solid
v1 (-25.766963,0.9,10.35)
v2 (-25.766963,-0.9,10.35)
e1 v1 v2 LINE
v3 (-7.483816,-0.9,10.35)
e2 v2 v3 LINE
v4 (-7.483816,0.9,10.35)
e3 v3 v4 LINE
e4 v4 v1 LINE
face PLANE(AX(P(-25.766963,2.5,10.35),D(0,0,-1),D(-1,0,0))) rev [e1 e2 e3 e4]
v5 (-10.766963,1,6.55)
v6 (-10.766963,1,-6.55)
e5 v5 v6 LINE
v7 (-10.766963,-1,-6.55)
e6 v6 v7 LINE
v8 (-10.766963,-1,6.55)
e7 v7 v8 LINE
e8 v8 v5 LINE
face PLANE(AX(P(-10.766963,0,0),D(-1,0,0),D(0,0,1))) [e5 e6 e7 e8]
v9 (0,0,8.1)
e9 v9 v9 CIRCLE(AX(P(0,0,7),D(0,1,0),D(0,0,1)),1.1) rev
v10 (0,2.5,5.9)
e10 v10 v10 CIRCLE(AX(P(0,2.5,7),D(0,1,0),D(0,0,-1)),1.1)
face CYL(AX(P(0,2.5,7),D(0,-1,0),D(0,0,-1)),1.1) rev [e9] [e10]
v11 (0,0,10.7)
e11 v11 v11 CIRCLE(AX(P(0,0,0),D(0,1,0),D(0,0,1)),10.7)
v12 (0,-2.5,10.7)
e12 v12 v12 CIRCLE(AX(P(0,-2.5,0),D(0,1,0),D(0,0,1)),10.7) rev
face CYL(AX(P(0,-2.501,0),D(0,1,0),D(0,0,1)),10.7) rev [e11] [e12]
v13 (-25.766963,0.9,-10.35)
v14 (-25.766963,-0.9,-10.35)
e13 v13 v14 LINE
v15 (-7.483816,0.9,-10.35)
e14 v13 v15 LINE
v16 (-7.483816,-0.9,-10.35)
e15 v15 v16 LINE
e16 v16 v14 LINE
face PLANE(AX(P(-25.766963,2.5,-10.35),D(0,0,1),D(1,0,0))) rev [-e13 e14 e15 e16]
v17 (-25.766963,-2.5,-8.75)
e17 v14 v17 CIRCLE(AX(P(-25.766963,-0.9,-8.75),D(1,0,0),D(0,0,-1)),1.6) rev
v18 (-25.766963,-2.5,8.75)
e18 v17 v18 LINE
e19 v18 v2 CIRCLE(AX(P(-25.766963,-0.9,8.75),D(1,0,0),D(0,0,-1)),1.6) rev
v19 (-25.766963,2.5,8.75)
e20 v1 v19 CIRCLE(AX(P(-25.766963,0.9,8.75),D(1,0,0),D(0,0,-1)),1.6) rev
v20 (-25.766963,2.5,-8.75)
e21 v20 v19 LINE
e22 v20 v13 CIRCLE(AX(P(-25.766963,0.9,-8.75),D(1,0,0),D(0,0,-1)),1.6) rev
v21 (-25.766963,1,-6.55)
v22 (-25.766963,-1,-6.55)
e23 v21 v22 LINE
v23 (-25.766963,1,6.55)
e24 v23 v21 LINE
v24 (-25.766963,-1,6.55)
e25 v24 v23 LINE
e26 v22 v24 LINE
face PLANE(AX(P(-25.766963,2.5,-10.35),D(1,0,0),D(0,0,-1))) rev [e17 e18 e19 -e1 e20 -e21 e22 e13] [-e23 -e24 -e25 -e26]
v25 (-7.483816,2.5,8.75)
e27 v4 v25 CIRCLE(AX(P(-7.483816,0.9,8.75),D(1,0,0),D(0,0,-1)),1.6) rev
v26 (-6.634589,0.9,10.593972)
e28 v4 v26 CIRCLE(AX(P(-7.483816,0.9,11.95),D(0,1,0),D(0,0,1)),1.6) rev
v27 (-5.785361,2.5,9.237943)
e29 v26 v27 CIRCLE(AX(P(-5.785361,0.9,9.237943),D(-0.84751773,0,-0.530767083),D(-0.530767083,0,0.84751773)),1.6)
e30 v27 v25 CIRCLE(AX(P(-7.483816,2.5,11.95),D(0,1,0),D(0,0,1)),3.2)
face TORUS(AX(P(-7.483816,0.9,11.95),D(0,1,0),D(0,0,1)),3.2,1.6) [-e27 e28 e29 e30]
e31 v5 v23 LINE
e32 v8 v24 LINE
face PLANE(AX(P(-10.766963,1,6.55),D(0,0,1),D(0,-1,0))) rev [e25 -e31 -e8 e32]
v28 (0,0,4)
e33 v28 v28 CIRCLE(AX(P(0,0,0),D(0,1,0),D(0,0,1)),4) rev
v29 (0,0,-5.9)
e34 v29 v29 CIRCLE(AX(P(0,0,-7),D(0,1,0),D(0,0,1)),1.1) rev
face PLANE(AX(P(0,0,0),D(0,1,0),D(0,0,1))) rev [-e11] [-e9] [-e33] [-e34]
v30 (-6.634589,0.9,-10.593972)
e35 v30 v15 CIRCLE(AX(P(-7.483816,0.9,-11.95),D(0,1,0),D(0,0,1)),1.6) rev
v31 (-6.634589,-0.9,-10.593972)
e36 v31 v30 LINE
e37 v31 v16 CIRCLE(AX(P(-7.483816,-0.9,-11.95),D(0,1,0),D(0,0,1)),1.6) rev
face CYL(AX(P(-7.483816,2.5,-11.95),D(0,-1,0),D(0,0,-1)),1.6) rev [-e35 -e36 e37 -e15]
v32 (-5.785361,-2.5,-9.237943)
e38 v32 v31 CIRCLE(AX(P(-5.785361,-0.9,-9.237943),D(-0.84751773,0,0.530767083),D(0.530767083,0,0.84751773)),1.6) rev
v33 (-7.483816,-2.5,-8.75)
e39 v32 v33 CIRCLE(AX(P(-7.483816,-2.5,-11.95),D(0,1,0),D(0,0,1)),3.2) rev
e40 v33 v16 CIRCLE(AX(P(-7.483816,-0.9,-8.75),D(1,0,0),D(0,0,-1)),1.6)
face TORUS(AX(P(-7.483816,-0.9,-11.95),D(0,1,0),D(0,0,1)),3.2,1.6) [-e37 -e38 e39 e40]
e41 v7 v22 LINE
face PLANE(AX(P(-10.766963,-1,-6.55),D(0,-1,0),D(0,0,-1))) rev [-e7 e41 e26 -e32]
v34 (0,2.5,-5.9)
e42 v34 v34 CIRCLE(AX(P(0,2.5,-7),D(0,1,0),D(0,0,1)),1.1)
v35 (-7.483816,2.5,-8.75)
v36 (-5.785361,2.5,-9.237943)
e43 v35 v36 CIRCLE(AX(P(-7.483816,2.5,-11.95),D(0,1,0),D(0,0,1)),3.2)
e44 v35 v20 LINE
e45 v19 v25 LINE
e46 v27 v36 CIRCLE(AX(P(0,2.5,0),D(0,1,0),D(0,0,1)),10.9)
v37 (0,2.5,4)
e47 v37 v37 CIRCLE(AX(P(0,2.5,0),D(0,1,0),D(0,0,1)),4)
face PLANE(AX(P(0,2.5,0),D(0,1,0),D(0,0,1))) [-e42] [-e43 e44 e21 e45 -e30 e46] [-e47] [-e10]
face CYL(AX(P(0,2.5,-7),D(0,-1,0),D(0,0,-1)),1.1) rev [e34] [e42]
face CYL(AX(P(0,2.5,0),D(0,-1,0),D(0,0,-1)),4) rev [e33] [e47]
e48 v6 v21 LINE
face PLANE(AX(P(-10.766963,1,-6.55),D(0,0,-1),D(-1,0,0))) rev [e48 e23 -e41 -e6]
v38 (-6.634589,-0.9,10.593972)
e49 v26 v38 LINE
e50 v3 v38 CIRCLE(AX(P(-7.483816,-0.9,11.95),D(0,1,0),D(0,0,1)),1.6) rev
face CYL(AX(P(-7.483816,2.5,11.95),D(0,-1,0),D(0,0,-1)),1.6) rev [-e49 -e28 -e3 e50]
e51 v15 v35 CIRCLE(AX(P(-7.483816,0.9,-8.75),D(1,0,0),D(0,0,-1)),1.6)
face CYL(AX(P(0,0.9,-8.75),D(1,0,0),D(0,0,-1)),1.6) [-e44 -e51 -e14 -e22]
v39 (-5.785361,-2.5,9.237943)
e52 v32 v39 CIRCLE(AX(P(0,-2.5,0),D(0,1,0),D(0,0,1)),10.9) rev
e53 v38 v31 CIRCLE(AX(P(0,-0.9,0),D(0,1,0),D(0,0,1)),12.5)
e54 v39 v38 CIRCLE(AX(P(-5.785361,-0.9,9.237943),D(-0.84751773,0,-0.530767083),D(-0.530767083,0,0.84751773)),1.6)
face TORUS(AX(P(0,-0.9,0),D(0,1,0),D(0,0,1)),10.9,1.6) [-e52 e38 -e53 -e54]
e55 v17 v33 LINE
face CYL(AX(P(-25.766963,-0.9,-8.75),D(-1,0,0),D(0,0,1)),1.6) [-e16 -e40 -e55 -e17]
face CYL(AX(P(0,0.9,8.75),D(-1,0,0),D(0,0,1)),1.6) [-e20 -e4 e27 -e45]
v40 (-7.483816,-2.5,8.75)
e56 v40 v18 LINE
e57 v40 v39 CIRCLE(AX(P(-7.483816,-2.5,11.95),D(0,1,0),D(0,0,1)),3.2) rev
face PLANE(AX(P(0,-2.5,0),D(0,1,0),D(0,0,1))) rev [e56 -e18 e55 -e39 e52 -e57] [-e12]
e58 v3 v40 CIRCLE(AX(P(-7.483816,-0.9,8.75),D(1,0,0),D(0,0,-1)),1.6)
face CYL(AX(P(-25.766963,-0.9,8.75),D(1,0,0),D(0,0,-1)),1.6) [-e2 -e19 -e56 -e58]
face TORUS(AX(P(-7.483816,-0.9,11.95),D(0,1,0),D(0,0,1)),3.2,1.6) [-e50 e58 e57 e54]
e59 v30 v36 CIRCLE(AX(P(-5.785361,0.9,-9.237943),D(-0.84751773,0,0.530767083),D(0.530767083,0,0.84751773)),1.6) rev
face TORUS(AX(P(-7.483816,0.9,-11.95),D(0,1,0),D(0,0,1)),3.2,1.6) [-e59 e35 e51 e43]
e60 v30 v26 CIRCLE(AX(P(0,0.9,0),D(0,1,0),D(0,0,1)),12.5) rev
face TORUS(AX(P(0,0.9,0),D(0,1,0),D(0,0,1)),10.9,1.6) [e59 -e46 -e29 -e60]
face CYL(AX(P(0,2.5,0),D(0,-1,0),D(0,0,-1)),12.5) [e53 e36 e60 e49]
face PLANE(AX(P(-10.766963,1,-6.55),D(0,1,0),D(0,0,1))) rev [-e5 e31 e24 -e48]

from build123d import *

# Parameters (mm, degrees)
CROQUIS1_R              = 4
CROQUIS1_R_2            = 1.1
SALIENTE_EXTRUIR1_DEPTH = 2.5
CROQUIS2_W              = 13.1
CROQUIS2_H              = 2
CORTAR_EXTRUIR1_DEPTH   = 15
CORTAR_EXTRUIR2_REACH   = 30.748
CROQUIS3_R              = 10.7
REDONDEO1_R             = 1.6


with BuildPart() as part:
    # Croquis1 → Saliente-Extruir1 (new, symmetric)
    with BuildSketch(Plane(origin=(0, 0, 0), x_dir=(1, 0, 0), z_dir=(0, 1, 0))):
        with BuildLine():
            Line((-25.76696336, 10.35), (-7.009101226, 10.35))
            ThreePointArc((-7.009101226, 10.35), (12.5, 0), (-7.009101226, -10.35))
            Line((-7.009101226, -10.35), (-25.76696336, -10.35))
            Line((-25.76696336, -10.35), (-25.76696336, 10.35))
        make_face()
        with Locations(Location((0, 0, 0), (0, 0, 270))):
            Circle(CROQUIS1_R, mode=Mode.SUBTRACT)
        with Locations(Location((0, 7, 0), (0, 0, 270))):
            Circle(CROQUIS1_R_2, mode=Mode.SUBTRACT)
        with Locations(Location((0, -7, 0), (0, 0, 90))):
            Circle(CROQUIS1_R_2, mode=Mode.SUBTRACT)
    extrude(amount=SALIENTE_EXTRUIR1_DEPTH, both=True)

    # Croquis2 → Cortar-Extruir1 (cut)
    with BuildSketch(Plane.ZY.offset(25.76696336)):
        Rectangle(CROQUIS2_W, CROQUIS2_H)
    extrude(amount=-CORTAR_EXTRUIR1_DEPTH, mode=Mode.SUBTRACT)

    # Croquis3 → Cortar-Extruir2 (cut, up to next)
    with BuildSketch(Plane(origin=(0, 0, 0), x_dir=(1, 0, 0), z_dir=(0, 1, 0)), mode=Mode.PRIVATE) as cortar_extruir2_sk1:
        with Locations(Location((0, 0, 0), (0, 0, 270))):
            Circle(CROQUIS3_R)
    cortar_extruir2_tool1 = extrude(cortar_extruir2_sk1.sketch, amount=-CORTAR_EXTRUIR2_REACH, mode=Mode.PRIVATE) & part.part
    add(cortar_extruir2_tool1.solids().sort_by_distance((0, 0, 0))[0], mode=Mode.SUBTRACT)

    # Redondeo1
    redondeo1_edges = [part.edges().sort_by_distance(p)[0] for p in [
        (12.5, 2.5, 0),
        (-16.388032293, 2.5, -10.35),
        (-16.388032293, -2.5, -10.35),
        (12.5, -2.5, 0),
        (-16.388032293, -2.5, 10.35),
        (-16.388032293, 2.5, 10.35),
        (-7.009101226, 0, -10.35),
        (-7.009101226, 0, 10.35),
    ]]
    fillet(redondeo1_edges, radius=REDONDEO1_R)


solid = part.part
